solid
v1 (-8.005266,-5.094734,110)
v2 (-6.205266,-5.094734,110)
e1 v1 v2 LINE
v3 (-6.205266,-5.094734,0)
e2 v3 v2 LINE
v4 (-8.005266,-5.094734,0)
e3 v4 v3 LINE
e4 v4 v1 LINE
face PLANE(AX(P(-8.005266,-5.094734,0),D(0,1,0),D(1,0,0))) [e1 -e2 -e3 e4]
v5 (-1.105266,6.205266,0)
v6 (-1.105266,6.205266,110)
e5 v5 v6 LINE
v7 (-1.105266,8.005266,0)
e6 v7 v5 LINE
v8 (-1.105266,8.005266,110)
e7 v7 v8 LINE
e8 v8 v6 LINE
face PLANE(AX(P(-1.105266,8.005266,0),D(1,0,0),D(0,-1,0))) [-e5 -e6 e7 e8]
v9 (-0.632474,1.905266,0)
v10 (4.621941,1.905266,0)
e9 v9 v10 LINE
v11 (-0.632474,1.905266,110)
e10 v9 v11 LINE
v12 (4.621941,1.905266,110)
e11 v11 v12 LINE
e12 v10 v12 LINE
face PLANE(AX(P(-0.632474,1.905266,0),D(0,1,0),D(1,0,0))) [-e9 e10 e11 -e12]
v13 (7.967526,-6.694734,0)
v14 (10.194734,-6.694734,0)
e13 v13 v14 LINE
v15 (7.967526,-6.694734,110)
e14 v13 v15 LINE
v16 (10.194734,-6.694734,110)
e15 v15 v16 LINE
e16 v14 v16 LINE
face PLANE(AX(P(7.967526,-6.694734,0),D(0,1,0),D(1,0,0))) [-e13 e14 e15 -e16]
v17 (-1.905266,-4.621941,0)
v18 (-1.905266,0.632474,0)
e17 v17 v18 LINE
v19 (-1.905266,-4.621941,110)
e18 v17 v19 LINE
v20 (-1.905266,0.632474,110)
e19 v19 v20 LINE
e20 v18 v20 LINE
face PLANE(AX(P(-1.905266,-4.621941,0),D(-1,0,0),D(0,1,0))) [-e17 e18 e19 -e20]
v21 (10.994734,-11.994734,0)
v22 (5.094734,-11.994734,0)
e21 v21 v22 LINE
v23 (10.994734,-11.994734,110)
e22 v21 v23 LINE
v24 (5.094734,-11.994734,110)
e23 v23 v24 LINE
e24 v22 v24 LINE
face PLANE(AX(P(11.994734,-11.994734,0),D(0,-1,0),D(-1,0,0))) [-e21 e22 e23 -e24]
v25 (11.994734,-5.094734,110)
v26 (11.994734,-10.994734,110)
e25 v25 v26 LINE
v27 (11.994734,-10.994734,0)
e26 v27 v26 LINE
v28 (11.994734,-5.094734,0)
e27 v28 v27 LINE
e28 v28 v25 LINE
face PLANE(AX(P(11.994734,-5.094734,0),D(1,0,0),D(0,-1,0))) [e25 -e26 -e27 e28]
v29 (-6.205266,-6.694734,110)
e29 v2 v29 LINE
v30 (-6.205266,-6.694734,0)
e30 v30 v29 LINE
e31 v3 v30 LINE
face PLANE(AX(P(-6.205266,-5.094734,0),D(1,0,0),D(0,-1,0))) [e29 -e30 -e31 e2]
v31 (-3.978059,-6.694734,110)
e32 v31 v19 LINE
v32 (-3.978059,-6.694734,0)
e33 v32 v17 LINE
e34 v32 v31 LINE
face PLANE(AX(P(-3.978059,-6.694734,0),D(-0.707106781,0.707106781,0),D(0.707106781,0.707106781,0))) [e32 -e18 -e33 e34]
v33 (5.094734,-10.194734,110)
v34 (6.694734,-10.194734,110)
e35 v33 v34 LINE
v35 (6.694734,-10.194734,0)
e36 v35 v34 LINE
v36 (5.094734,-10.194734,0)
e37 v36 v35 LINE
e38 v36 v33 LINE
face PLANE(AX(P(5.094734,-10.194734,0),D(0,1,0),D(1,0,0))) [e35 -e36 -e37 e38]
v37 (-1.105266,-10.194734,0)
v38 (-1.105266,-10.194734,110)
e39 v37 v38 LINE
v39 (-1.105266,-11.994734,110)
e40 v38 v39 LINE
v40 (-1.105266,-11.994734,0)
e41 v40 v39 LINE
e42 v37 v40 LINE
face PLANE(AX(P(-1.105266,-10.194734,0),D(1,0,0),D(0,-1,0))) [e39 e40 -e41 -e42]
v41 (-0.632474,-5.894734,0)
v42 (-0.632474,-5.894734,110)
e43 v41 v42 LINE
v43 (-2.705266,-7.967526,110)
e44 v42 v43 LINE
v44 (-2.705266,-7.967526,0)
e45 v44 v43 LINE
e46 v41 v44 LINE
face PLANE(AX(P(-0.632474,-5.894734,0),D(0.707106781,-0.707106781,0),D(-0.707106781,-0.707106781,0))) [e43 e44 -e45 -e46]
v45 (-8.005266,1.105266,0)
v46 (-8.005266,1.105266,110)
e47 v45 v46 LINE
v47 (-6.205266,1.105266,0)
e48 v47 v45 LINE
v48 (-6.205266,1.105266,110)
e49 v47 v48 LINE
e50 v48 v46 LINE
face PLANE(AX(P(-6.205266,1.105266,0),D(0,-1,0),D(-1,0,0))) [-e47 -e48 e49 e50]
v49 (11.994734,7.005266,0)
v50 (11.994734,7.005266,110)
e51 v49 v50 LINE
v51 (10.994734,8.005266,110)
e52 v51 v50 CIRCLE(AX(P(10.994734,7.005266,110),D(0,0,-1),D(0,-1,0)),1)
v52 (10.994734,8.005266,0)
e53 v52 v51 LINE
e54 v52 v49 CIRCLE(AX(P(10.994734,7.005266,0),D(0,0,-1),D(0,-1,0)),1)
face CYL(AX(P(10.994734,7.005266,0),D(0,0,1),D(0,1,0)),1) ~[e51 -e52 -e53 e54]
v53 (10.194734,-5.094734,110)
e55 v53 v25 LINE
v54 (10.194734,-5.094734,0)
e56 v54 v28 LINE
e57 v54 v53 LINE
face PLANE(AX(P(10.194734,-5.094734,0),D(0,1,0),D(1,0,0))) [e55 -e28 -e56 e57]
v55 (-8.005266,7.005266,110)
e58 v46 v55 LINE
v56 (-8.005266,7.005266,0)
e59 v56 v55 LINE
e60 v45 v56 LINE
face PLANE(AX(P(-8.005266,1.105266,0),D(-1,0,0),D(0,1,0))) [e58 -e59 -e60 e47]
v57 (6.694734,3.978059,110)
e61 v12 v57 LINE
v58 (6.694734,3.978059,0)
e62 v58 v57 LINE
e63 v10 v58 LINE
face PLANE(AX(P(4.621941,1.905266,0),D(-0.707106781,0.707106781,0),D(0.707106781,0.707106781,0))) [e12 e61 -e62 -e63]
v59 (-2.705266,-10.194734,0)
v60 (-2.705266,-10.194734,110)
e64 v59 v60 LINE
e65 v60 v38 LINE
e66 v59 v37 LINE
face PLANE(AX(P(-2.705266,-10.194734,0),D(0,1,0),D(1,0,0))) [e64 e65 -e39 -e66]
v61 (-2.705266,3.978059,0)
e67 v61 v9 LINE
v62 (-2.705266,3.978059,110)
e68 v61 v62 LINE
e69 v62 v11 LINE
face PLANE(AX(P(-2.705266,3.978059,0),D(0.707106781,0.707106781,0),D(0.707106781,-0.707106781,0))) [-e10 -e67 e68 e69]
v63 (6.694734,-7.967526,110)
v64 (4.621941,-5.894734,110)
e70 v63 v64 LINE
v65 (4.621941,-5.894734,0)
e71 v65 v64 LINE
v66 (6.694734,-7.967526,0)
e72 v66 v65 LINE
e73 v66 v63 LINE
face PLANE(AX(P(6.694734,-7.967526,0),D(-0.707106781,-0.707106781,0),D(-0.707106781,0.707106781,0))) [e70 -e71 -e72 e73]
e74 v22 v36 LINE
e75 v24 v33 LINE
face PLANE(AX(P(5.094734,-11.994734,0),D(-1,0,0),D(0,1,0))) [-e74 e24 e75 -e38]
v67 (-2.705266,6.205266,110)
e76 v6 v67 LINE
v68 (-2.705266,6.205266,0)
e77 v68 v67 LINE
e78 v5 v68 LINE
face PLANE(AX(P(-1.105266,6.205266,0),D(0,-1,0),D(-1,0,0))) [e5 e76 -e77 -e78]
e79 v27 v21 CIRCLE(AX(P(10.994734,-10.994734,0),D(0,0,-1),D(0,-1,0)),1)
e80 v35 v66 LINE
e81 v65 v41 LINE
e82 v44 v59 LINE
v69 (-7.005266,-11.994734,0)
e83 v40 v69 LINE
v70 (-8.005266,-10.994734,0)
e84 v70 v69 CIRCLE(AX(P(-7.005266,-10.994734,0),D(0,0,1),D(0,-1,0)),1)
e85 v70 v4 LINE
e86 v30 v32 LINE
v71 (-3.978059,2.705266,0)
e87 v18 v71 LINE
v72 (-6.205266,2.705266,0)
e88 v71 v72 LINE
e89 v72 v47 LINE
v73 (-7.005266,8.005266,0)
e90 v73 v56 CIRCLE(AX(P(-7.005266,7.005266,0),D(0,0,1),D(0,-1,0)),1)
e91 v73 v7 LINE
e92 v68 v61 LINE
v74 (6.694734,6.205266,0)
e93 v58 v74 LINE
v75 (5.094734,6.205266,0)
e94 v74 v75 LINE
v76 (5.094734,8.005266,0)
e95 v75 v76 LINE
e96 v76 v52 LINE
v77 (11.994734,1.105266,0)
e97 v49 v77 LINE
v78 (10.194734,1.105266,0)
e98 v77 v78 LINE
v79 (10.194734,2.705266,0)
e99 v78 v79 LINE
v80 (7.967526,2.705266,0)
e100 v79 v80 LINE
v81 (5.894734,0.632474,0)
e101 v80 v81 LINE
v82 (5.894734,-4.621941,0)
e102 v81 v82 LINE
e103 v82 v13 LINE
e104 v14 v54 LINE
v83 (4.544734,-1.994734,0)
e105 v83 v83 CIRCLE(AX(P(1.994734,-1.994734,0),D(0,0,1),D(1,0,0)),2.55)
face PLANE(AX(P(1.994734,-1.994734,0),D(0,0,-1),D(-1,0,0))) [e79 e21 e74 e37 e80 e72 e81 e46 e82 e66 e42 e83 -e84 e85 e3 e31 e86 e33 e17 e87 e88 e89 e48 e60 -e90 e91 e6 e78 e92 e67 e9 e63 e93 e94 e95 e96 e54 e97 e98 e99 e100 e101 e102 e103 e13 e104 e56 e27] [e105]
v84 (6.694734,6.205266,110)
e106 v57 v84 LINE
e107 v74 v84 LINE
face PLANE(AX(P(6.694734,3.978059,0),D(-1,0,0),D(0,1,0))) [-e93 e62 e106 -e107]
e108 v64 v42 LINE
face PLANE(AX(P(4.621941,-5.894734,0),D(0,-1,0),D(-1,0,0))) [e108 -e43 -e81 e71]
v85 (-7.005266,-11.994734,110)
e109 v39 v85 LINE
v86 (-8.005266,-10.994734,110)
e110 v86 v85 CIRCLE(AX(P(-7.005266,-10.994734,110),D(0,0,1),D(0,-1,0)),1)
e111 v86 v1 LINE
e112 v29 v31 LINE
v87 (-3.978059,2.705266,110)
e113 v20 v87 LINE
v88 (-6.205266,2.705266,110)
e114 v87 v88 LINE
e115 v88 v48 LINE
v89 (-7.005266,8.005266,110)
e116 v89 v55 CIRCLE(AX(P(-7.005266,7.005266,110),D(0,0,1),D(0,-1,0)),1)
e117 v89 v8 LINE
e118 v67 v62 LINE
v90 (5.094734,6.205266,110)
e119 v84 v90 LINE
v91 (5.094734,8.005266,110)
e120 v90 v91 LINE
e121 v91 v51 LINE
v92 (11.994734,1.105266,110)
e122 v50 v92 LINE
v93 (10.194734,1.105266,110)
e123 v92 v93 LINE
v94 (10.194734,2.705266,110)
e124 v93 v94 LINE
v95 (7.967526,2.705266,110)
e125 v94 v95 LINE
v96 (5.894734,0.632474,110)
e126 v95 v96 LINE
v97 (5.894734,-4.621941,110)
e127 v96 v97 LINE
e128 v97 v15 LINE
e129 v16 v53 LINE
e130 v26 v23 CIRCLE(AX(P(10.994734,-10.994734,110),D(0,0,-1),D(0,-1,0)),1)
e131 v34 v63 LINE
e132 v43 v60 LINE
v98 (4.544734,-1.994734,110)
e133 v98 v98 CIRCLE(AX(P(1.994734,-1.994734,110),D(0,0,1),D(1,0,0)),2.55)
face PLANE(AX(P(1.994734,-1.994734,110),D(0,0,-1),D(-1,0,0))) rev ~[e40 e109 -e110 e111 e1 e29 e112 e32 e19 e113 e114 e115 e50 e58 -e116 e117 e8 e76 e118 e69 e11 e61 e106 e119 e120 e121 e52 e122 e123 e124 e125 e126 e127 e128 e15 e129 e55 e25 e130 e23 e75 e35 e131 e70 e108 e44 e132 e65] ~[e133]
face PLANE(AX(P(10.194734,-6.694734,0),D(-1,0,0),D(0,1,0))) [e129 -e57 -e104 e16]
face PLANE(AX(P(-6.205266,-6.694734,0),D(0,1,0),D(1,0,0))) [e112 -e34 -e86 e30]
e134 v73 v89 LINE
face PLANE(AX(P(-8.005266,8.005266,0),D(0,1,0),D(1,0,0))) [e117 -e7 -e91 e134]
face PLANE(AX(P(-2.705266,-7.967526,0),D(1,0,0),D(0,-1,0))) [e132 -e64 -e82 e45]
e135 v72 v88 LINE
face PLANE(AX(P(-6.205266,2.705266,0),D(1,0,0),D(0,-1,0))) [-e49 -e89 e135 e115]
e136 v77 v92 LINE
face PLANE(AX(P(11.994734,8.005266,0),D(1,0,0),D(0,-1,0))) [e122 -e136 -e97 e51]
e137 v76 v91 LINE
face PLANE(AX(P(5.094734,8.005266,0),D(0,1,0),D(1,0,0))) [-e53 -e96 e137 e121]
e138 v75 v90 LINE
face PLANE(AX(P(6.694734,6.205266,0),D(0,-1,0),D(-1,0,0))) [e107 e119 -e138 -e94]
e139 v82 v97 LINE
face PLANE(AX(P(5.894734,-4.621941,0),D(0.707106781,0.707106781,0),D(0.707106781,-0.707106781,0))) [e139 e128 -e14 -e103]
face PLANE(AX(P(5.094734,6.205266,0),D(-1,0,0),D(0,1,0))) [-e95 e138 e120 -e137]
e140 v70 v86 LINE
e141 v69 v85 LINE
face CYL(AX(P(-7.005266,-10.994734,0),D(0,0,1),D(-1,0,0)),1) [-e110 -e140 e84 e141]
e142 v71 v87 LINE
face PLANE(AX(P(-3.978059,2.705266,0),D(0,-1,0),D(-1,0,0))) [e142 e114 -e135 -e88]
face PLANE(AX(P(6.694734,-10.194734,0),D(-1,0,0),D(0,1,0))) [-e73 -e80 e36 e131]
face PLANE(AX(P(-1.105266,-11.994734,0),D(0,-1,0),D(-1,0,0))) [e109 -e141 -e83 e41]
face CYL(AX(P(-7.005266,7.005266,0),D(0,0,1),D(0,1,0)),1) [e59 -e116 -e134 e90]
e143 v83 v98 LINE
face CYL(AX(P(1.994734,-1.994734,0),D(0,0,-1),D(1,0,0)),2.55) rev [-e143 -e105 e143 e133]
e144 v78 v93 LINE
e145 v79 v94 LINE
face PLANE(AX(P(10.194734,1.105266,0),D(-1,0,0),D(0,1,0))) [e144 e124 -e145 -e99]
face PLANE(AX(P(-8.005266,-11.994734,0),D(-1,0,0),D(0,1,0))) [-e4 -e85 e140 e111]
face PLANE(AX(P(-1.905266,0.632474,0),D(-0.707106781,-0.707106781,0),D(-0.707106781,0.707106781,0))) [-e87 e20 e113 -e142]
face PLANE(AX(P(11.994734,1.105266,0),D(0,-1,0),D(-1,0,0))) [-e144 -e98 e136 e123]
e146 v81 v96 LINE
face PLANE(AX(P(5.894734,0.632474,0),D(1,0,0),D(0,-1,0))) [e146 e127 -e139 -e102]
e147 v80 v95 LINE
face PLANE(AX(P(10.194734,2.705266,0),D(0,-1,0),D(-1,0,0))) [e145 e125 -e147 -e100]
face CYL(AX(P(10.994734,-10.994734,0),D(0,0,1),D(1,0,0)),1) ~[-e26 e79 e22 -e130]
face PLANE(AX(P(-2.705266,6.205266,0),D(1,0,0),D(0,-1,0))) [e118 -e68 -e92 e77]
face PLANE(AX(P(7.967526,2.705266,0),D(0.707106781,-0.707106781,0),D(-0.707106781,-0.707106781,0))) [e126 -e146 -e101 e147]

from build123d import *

# Parameters (mm, degrees)
SKETCH_1_R      = 2.55
EXTRUDE_1_DEPTH = 110
FILLET_1_R      = 1


with BuildPart() as part:
    # 草图1 → 凸台-拉伸1 (new body)
    with BuildSketch(Plane.XY):
        Polygon((4.62194142, 1.905266374), (6.694733626, 3.97805858), (6.694733626, 6.205266374), (5.094733626, 6.205266374), (5.094733626, 8.005266374), (11.994733626, 8.005266374), (11.994733626, 1.105266374), (10.194733626, 1.105266374), (10.194733626, 2.705266374), (7.967525833, 2.705266374), (5.894733626, 0.632474167), (5.894733626, -4.62194142), (7.967525833, -6.694733626), (10.194733626, -6.694733626), (10.194733626, -5.094733626), (11.994733626, -5.094733626), (11.994733626, -11.994733626), (5.094733626, -11.994733626), (5.094733626, -10.194733626), (6.694733626, -10.194733626), (6.694733626, -7.967525833), (4.62194142, -5.894733626), (-0.632474167, -5.894733626), (-2.705266374, -7.967525833), (-2.705266374, -10.194733626), (-1.105266374, -10.194733626), (-1.105266374, -11.994733626), (-8.005266374, -11.994733626), (-8.005266374, -5.094733626), (-6.205266374, -5.094733626), (-6.205266374, -6.694733626), (-3.97805858, -6.694733626), (-1.905266374, -4.62194142), (-1.905266374, 0.632474167), (-3.97805858, 2.705266374), (-6.205266374, 2.705266374), (-6.205266374, 1.105266374), (-8.005266374, 1.105266374), (-8.005266374, 8.005266374), (-1.105266374, 8.005266374), (-1.105266374, 6.205266374), (-2.705266374, 6.205266374), (-2.705266374, 3.97805858), (-0.632474167, 1.905266374), align=None)
        with Locations((1.994733626, -1.994733626)):
            Circle(SKETCH_1_R, mode=Mode.SUBTRACT)
    extrude(amount=EXTRUDE_1_DEPTH)

    # 圆角1
    fillet_1_edges = [part.edges().sort_by_distance(p)[0] for p in [
        (-8.005266374, -11.994733626, 55),
        (-8.005266374, 8.005266374, 55),
        (11.994733626, 8.005266374, 55),
        (11.994733626, -11.994733626, 55),
    ]]
    fillet(fillet_1_edges, radius=FILLET_1_R)


solid = part.part
